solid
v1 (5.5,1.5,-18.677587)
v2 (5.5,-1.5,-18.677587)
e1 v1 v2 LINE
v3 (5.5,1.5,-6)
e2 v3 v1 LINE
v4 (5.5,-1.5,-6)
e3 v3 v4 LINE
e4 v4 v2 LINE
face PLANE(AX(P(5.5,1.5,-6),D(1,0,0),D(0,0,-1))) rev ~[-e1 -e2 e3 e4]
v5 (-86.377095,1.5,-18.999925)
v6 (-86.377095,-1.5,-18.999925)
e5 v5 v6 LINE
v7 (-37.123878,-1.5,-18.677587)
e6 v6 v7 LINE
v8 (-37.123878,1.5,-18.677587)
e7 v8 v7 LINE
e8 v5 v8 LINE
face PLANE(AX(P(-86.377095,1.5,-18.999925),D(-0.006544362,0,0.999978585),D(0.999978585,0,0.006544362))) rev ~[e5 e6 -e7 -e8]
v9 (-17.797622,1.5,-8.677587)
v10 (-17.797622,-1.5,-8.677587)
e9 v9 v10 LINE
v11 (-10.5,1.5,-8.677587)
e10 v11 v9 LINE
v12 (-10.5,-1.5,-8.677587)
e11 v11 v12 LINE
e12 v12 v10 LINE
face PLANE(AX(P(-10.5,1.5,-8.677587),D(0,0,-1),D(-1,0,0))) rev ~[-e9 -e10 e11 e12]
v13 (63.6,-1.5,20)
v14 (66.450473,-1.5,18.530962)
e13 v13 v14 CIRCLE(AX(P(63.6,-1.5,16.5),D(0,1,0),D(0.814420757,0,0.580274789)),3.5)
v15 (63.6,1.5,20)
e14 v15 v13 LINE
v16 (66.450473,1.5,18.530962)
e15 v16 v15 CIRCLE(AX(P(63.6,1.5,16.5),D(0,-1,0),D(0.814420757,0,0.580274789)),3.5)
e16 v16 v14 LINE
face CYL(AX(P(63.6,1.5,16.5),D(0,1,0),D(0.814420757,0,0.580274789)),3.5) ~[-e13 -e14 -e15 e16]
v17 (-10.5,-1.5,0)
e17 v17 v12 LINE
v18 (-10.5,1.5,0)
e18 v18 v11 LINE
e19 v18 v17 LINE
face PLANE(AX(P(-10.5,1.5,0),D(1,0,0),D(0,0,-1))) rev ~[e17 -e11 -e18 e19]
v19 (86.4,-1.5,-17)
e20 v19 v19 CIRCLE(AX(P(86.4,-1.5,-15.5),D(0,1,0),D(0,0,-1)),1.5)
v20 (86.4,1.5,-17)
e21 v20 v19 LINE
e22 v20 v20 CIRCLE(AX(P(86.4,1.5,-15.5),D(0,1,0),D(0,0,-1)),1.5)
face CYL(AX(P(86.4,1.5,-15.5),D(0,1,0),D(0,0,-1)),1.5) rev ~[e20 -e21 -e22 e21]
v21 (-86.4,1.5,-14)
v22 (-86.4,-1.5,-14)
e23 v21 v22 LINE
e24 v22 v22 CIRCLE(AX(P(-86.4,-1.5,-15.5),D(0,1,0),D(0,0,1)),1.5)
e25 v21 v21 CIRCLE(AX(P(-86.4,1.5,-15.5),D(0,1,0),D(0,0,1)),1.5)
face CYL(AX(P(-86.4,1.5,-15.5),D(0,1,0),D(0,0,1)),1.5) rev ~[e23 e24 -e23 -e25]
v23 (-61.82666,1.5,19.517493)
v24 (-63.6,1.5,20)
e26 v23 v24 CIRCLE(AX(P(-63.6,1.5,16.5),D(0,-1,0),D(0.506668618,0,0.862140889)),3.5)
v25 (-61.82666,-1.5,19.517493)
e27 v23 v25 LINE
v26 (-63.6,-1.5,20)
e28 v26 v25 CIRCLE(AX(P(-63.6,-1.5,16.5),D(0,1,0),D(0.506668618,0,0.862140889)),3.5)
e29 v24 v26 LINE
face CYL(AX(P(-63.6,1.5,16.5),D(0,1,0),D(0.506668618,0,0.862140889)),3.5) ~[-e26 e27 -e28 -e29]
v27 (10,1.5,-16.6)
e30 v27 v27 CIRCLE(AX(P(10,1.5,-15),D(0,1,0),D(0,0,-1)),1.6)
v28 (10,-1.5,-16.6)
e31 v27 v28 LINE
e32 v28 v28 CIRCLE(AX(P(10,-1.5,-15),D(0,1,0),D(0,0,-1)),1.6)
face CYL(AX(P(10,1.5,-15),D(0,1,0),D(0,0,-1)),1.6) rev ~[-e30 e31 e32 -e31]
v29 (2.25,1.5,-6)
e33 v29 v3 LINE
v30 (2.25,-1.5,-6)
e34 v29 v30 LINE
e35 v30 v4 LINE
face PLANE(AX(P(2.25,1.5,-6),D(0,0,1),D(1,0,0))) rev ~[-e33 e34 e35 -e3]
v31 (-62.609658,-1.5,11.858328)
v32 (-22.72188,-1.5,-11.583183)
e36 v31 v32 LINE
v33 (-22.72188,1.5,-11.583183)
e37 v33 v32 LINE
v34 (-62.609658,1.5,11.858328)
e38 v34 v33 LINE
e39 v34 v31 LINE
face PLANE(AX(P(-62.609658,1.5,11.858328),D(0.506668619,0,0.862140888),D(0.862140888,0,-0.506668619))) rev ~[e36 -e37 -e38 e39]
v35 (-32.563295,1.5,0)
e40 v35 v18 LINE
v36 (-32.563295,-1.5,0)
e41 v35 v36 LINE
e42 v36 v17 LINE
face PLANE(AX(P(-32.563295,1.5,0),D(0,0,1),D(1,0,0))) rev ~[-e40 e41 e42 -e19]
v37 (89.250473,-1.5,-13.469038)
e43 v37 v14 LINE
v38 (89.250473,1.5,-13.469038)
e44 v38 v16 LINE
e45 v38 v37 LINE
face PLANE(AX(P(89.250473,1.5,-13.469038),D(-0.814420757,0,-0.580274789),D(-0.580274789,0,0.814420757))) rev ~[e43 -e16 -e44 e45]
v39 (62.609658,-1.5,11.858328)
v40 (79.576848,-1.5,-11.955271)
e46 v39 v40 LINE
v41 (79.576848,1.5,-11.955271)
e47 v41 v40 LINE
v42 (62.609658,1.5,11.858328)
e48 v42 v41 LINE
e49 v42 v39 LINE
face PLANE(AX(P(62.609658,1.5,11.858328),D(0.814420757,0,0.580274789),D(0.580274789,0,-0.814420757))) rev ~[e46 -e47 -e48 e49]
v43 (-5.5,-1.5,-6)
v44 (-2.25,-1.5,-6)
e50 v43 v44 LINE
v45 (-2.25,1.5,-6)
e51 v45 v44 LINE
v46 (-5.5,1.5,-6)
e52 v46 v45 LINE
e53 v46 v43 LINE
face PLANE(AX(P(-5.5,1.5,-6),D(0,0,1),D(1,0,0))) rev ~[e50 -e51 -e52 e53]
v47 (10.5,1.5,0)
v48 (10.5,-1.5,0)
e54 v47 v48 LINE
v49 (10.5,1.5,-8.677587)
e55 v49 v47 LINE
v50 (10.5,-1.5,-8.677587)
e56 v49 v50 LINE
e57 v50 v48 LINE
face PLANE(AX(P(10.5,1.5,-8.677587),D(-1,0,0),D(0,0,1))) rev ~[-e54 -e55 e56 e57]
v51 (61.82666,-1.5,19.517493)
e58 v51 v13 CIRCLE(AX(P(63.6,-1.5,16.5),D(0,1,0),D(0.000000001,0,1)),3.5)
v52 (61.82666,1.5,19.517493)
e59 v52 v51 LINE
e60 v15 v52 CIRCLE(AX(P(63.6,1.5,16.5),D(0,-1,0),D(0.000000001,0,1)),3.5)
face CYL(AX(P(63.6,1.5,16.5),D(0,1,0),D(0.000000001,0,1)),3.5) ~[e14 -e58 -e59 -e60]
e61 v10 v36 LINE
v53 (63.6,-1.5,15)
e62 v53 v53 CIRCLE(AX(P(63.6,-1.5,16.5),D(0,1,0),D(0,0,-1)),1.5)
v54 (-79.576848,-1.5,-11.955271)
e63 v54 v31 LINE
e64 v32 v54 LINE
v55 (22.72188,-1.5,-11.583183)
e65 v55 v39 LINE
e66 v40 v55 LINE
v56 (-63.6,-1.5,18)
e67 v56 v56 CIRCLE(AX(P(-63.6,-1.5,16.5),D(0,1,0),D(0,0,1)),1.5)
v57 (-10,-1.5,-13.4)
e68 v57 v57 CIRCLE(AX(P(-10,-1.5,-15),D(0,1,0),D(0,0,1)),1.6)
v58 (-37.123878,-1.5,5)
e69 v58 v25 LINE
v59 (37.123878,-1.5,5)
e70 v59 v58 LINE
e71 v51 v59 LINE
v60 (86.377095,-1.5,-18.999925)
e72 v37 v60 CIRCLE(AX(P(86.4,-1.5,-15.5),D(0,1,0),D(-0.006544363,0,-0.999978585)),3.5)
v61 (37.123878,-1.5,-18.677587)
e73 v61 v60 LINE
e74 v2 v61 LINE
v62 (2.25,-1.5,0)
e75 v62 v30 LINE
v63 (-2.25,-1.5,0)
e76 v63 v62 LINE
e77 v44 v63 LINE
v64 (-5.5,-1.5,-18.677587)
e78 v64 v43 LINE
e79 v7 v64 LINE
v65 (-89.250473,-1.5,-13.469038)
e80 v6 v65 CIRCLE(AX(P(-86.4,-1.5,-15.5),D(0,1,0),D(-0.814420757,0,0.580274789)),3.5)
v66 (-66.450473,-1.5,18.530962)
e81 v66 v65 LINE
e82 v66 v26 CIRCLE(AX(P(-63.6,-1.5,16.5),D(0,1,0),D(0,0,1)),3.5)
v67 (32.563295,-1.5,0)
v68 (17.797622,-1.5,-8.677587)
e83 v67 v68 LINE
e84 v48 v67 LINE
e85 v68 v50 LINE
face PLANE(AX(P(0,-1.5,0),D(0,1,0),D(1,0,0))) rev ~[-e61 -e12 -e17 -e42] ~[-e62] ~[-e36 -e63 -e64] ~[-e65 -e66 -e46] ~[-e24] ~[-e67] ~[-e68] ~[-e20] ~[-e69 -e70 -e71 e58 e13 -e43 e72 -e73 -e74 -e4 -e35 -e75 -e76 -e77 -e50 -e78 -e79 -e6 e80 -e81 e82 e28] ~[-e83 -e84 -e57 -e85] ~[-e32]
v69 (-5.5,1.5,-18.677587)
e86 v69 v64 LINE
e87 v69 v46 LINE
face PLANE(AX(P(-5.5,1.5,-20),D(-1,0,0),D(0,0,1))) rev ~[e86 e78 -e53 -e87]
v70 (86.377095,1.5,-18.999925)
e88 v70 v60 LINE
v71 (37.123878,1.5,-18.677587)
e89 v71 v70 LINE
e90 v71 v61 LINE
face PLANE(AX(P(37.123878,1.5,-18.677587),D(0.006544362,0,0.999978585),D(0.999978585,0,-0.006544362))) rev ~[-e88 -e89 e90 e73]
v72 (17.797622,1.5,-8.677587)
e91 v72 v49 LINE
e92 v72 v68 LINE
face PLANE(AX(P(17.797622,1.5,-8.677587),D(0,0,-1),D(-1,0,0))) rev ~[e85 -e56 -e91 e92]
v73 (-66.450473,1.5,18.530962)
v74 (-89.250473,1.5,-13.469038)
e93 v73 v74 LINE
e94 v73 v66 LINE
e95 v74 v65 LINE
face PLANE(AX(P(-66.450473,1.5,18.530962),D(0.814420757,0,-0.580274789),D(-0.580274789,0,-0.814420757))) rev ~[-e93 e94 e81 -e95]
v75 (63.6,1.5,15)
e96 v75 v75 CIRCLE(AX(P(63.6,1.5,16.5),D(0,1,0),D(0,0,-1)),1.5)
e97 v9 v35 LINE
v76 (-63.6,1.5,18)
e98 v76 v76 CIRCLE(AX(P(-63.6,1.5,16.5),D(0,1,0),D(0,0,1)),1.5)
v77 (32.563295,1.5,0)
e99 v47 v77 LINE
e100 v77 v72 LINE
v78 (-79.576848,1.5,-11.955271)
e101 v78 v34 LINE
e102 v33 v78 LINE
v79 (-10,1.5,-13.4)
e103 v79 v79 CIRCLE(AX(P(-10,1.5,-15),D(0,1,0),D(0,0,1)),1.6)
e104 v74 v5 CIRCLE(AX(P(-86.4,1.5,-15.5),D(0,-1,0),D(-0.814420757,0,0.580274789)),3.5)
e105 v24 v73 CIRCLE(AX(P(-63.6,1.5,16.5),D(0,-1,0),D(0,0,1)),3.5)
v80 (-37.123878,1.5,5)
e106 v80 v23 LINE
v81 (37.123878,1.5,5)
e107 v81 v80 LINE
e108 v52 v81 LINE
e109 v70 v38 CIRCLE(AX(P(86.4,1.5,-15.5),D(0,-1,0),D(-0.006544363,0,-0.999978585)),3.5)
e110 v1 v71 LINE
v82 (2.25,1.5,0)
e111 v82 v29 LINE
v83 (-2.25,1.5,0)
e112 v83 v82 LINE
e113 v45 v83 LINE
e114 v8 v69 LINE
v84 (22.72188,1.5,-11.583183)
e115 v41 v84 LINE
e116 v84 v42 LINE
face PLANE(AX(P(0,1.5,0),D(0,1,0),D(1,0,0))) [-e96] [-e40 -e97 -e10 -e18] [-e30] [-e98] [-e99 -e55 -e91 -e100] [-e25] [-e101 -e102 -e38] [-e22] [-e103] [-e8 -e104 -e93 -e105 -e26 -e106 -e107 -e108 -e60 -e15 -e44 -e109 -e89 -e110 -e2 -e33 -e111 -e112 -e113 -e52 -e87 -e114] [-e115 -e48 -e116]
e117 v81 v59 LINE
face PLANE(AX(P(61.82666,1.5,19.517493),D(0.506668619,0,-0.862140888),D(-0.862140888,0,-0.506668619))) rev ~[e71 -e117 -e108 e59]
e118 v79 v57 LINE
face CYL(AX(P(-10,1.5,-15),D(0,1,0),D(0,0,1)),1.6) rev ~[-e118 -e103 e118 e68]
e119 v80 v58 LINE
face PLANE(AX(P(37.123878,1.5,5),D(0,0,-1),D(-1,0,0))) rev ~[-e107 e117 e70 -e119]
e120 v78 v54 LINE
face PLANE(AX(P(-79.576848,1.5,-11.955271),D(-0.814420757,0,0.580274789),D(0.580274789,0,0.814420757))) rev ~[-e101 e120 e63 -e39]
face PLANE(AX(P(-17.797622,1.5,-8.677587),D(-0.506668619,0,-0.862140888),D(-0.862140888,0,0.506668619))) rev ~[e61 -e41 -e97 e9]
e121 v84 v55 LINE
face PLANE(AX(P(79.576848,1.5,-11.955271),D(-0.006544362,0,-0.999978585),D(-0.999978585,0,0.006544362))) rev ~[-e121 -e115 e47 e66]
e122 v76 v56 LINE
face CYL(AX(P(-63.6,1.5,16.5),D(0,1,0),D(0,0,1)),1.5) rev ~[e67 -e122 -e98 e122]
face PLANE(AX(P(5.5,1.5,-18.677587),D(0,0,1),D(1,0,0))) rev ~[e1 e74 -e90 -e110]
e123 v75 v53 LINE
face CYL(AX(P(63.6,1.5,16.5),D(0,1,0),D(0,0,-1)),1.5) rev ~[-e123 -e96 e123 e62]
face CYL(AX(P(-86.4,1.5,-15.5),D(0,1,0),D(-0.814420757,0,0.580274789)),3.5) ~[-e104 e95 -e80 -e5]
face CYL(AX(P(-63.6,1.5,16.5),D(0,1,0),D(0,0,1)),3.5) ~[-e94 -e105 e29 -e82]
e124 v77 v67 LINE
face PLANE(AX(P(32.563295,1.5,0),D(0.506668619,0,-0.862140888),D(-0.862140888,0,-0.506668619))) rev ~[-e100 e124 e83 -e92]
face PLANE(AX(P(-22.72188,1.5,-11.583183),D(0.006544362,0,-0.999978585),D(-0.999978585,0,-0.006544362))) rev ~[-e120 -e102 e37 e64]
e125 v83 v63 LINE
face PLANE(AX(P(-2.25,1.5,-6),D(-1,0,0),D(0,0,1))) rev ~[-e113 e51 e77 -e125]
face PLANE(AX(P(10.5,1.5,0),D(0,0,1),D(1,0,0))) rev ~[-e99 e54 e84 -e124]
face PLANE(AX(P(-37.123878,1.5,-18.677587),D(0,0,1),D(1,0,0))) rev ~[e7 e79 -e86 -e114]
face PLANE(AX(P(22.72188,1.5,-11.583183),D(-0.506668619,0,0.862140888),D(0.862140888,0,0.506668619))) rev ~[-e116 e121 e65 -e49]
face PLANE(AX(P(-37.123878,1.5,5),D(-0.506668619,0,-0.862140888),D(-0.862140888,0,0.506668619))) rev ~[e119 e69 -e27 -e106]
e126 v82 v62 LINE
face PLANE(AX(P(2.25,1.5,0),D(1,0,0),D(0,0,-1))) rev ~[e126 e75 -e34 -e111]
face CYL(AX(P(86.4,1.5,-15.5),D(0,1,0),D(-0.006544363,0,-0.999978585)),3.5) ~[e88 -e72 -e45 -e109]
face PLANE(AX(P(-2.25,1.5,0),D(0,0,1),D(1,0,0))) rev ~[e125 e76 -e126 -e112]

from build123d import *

# Parameters (mm, degrees)
SKETCH_1_W          = 182
SKETCH_1_H          = 40
EXTRUDE_1_DEPTH     = 1.5
SKETCH_2_R          = 1.5
CUT_EXTRUDE_1_DEPTH = 94.220169491
SKETCH_3_R          = 1.6
CUT_EXTRUDE_2_DEPTH = 94.220169491
CUT_EXTRUDE_3_DEPTH = 94.220169491
CUT_EXTRUDE_4_DEPTH = 93.146676554


with BuildPart() as part:
    # 草图1 → 凸台-拉伸1 (new, symmetric)
    with BuildSketch(Plane(origin=(0, 0, 0), x_dir=(1, 0, 0), z_dir=(0, 1, 0))):
        Rectangle(SKETCH_1_W, SKETCH_1_H)
    extrude(amount=EXTRUDE_1_DEPTH, both=True)

    # 草图2 → 切除-拉伸1 (cut, through all)
    with BuildSketch(Plane(origin=(0, 1.5, 0), x_dir=(1, 0, 0), z_dir=(0, 1, 0))):
        with Locations(Location((-86.4, 15.5, 0), (0, 0, 270))):
            Circle(SKETCH_2_R)
        with Locations(Location((-63.6, -16.5, 0), (0, 0, 270))):
            Circle(SKETCH_2_R)
        with Locations(Location((63.6, -16.5, 0), (0, 0, 90))):
            Circle(SKETCH_2_R)
        with Locations(Location((86.4, 15.5, 0), (0, 0, 90))):
            Circle(SKETCH_2_R)
    extrude(amount=-CUT_EXTRUDE_1_DEPTH, mode=Mode.SUBTRACT)

    # 草图3 → 切除-拉伸2 (cut, through all)
    with BuildSketch(Plane(origin=(0, 1.5, 0), x_dir=(1, 0, 0), z_dir=(0, 1, 0))):
        with Locations(Location((-10, 15, 0), (0, 0, 270))):
            Circle(SKETCH_3_R)
        with Locations(Location((10, 15, 0), (0, 0, 90))):
            Circle(SKETCH_3_R)
        Polygon((5.5, 20), (-5.5, 20), (-5.5, 6), (-2.25, 6), (-2.25, 0), (2.25, 0), (2.25, 6), (5.5, 6), align=None)
    extrude(amount=-CUT_EXTRUDE_2_DEPTH, mode=Mode.SUBTRACT)

    # 草图4 → 切除-拉伸3 (cut, through all)
    with BuildSketch(Plane(origin=(0, 1.5, 0), x_dir=(1, 0, 0), z_dir=(0, 1, 0))):
        Polygon((-79.576847618, 11.955270909), (-62.609658275, -11.858328169), (-22.72187982, 11.583183423), align=None)
        with BuildLine():
            ThreePointArc((-89.250472649, 13.469038238), (-89.505875328, 17.113548403), (-86.377094731, 18.999925049))
            Line((-86.377094731, 18.999925049), (-37.123877911, 18.677587243))
            Line((-37.123877911, 18.677587243), (-5.5, 18.677587243))
            Line((-5.5, 18.677587243), (-5.5, 20))
            Line((-5.5, 20), (-91, 20))
            Line((-91, 20), (-91, -20))
            Line((-91, -20), (-63.6, -20))
            ThreePointArc((-63.6, -20), (-65.203376723, -19.611138551), (-66.450472649, -18.530961762))
            Line((-66.450472649, -18.530961762), (-89.250472649, 13.469038238))
        make_face()
        with BuildLine():
            Line((-37.123877911, -5), (-61.826659834, -19.517493108))
            ThreePointArc((-61.826659834, -19.517493108), (-62.68109464, -19.877219705), (-63.6, -20))
            Line((-63.6, -20), (63.600000006, -20))
            ThreePointArc((63.600000006, -20), (62.681094642, -19.877219706), (61.826659834, -19.517493108))
            Line((61.826659834, -19.517493108), (37.123877911, -5))
            Line((37.123877911, -5), (-37.123877911, -5))
        make_face()
        with BuildLine():
            Line((5.5, 20), (5.5, 18.677587243))
            Line((5.5, 18.677587243), (37.123877911, 18.677587243))
            Line((37.123877911, 18.677587243), (86.377094731, 18.999925049))
            ThreePointArc((86.377094731, 18.999925049), (89.505875328, 17.113548403), (89.250472649, 13.469038238))
            Line((89.250472649, 13.469038238), (66.450472649, -18.530961762))
            ThreePointArc((66.450472649, -18.530961762), (65.203376726, -19.61113855), (63.600000006, -20))
            Line((63.600000006, -20), (91, -20))
            Line((91, -20), (91, 20))
            Line((91, 20), (5.5, 20))
        make_face()
        Polygon((79.576847618, 11.955270909), (22.72187982, 11.583183423), (62.609658275, -11.858328169), align=None)
    extrude(amount=-CUT_EXTRUDE_3_DEPTH, mode=Mode.SUBTRACT)

    # 草图5 → 切除-拉伸4 (cut, through all)
    with BuildSketch(Plane(origin=(0, 1.5, 0), x_dir=(1, 0, 0), z_dir=(0, 1, 0))):
        Polygon((-17.797622354, 8.677587243), (-32.563294615, 0), (-10.5, 0), (-10.5, 8.677587243), align=None)
        Polygon((17.797622354, 8.677587243), (10.5, 8.677587243), (10.5, 0), (32.563294615, 0), align=None)
    extrude(amount=-CUT_EXTRUDE_4_DEPTH, mode=Mode.SUBTRACT)


solid = part.part
